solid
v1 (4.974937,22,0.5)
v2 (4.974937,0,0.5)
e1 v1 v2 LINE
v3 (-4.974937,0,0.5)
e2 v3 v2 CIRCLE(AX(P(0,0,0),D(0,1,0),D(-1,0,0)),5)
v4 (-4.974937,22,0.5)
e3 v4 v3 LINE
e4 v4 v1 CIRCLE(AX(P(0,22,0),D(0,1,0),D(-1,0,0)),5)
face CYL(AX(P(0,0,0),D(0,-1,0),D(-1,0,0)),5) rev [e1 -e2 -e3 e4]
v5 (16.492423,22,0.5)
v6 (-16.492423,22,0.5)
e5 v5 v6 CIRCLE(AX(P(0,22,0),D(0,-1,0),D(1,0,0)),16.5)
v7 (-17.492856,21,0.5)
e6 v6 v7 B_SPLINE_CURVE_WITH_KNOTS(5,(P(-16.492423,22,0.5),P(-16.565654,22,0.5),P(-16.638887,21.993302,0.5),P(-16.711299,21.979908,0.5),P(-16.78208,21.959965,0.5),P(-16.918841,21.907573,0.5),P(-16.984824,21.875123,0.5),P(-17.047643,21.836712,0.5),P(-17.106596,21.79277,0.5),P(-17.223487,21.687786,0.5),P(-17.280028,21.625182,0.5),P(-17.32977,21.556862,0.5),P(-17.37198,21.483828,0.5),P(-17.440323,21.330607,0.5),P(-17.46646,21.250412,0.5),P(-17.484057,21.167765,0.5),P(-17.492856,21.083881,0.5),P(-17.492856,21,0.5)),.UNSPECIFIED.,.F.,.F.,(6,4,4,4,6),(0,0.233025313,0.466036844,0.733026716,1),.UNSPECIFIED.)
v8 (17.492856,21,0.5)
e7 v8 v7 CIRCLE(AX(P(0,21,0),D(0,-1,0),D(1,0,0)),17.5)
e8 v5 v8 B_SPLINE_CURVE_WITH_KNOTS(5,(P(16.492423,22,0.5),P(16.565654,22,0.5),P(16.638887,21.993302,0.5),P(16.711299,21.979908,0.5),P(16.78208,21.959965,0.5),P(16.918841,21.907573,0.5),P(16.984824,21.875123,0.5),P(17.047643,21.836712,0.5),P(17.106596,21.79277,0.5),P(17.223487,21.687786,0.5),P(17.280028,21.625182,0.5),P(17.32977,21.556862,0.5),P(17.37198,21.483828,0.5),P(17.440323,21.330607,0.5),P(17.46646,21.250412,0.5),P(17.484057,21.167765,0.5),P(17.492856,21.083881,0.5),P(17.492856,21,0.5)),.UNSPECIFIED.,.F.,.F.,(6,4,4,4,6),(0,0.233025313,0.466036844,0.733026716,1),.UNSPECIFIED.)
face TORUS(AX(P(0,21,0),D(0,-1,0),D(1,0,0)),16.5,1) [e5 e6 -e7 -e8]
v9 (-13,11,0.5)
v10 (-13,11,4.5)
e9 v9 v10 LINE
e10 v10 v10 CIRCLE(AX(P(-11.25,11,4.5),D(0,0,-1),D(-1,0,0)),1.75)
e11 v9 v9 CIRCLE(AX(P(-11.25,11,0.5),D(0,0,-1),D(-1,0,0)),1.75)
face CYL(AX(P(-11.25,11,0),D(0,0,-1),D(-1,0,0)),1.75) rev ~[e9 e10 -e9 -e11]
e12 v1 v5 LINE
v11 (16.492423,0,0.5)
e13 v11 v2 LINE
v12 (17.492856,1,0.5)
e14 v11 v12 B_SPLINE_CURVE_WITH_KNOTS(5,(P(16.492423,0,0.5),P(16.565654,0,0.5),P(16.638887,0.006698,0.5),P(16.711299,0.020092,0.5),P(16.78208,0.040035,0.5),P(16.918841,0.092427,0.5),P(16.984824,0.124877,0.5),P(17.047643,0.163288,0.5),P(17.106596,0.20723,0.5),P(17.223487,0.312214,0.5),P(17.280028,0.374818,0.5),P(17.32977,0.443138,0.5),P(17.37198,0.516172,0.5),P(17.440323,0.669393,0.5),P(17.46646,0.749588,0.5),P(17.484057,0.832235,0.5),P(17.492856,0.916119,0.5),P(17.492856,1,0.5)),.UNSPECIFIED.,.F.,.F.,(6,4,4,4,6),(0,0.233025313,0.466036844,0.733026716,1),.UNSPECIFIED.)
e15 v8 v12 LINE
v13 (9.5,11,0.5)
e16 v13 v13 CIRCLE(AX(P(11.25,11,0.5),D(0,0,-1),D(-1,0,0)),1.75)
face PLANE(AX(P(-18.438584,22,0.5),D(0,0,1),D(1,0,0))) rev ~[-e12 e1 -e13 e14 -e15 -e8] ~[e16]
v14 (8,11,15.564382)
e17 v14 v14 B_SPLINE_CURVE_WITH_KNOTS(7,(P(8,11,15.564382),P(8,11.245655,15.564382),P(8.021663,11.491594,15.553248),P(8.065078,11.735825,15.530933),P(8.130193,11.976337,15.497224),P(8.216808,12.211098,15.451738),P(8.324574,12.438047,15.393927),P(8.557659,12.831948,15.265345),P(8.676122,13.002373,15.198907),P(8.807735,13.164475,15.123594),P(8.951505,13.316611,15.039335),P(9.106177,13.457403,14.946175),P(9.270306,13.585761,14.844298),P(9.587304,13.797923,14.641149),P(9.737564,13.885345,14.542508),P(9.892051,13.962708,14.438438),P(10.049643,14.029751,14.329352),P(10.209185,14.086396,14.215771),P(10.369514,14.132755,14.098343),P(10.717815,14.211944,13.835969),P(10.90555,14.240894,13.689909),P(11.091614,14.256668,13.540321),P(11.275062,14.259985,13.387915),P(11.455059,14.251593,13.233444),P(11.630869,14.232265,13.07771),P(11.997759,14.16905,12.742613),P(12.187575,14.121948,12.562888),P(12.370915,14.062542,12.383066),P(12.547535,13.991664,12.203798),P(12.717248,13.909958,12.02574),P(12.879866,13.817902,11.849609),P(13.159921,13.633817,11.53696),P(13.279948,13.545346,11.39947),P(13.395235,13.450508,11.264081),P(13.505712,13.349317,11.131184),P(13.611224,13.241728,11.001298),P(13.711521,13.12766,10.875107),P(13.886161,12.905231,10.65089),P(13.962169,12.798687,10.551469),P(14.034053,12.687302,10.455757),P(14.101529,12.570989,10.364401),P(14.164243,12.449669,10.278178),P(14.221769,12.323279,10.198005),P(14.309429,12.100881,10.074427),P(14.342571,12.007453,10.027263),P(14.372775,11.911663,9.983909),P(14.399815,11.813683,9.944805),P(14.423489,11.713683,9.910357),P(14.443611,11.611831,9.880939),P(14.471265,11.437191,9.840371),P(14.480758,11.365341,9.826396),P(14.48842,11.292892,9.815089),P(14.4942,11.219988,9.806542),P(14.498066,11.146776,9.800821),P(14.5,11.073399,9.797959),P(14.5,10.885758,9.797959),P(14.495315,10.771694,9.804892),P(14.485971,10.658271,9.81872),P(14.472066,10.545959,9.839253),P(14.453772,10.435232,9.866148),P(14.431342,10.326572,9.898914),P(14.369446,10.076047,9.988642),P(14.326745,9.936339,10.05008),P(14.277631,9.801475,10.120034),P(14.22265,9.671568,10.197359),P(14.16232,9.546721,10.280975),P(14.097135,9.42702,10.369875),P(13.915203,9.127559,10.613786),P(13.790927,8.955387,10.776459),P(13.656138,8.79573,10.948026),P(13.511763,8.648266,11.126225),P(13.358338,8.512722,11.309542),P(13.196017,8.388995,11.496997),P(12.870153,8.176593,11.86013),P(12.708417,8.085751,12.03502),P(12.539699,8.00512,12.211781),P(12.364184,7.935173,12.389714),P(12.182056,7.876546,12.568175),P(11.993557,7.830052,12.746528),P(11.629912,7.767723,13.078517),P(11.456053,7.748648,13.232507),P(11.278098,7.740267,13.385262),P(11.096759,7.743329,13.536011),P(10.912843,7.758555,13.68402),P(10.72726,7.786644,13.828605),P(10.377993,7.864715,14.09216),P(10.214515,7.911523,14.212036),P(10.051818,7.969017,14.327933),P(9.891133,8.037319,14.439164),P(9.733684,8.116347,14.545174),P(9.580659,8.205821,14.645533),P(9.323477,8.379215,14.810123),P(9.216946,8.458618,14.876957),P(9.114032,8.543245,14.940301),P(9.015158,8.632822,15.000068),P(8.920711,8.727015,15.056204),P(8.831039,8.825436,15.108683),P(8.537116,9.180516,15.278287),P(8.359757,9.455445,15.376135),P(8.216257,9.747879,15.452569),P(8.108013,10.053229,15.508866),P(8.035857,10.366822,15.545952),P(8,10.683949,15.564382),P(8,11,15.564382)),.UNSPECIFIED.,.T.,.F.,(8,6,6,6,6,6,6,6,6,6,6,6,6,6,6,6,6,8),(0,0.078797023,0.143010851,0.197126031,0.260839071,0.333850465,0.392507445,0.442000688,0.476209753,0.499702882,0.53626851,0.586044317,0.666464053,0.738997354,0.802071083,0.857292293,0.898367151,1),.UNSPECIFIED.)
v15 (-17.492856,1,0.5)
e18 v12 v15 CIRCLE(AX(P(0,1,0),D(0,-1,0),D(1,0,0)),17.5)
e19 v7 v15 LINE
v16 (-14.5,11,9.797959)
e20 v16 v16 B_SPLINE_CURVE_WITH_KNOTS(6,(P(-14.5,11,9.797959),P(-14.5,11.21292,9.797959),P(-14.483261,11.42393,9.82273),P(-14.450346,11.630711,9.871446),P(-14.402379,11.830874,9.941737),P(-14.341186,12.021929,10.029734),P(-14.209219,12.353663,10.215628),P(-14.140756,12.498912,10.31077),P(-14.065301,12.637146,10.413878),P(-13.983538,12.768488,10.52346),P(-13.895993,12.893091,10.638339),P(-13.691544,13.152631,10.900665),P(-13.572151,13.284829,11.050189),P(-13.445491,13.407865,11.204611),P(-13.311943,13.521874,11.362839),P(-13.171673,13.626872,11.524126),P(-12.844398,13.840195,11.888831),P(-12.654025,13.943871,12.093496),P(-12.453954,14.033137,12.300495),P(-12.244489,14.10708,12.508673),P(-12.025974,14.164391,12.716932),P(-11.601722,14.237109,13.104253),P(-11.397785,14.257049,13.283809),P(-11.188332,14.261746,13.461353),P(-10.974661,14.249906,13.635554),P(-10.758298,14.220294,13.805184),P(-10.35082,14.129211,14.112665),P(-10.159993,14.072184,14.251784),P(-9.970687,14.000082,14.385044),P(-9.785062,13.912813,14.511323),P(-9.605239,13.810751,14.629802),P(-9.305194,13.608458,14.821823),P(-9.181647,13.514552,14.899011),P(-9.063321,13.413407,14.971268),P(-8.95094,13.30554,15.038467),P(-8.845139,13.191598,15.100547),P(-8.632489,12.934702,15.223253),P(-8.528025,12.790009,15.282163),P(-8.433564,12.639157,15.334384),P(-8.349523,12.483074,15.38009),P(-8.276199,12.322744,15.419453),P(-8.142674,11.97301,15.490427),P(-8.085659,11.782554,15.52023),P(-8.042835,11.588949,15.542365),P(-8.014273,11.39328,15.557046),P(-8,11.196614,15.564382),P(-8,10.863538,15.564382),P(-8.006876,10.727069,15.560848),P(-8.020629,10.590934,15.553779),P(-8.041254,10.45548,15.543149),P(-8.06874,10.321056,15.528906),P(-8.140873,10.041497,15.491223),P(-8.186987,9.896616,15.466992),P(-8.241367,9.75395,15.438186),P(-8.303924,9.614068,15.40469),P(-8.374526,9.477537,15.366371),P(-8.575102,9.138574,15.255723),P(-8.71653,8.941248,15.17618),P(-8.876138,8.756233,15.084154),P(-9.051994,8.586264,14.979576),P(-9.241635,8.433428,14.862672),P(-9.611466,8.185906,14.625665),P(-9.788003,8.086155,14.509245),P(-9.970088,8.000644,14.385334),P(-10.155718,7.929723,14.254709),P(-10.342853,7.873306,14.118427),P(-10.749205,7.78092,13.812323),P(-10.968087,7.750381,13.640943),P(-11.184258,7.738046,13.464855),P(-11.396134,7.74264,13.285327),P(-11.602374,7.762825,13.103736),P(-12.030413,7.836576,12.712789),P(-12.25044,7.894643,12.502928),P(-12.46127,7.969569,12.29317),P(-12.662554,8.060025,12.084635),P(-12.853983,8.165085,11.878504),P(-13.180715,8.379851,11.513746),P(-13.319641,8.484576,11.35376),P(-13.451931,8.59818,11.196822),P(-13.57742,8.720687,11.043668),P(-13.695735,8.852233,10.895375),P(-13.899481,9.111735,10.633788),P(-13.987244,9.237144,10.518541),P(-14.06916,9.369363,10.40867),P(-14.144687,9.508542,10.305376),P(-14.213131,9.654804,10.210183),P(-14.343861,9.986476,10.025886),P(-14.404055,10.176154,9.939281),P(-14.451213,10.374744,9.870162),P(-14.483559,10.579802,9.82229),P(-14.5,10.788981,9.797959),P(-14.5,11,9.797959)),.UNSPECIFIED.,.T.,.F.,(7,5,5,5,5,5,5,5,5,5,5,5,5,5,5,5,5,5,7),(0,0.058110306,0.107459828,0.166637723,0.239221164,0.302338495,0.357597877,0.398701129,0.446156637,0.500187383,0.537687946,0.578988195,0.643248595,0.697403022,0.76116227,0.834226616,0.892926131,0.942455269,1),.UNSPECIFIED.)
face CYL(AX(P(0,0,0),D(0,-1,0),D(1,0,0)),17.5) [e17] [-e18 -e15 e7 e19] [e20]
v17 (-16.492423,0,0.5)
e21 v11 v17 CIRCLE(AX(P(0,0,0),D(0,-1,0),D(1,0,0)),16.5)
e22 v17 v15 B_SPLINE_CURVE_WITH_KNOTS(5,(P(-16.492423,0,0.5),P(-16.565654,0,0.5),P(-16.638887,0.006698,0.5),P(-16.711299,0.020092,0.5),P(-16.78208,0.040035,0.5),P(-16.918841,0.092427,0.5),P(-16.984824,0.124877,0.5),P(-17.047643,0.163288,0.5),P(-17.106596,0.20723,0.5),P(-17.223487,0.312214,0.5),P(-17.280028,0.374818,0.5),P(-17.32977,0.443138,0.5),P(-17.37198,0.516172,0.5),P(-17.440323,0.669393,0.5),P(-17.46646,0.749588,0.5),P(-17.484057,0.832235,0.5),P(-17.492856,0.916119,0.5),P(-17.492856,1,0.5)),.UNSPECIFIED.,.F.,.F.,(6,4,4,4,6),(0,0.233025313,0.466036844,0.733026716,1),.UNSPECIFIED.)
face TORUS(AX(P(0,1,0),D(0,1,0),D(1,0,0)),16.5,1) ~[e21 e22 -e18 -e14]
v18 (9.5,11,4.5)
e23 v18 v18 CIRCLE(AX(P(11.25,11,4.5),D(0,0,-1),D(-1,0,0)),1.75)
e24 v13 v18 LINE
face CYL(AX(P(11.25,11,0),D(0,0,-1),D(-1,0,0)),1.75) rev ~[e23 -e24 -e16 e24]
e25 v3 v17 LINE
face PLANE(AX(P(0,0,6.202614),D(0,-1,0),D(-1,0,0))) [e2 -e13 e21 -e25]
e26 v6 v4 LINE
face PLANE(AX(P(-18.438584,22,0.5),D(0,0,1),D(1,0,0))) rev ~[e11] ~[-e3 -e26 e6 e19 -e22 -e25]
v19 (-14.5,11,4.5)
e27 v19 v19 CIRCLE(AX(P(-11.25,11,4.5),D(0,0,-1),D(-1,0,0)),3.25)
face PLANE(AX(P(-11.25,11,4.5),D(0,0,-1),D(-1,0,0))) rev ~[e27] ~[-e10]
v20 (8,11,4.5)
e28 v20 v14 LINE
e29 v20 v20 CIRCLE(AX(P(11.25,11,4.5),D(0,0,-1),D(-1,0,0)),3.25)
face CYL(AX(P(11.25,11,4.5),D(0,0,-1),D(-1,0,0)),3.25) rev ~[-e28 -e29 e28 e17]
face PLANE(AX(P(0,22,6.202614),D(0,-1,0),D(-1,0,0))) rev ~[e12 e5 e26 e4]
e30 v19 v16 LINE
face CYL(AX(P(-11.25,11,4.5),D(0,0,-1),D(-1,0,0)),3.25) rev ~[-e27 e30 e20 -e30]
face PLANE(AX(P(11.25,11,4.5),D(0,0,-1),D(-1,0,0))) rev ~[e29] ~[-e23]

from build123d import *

# Parameters (mm, degrees)
BOSS_EXTRUDE1_DEPTH = 22
SKETCH3_R           = 1.75
CUT_EXTRUDE1_DEPTH  = 22
SKETCH4_R           = 3.25
CUT_EXTRUDE2_DEPTH  = 22
FILLET1_R           = 1
SKETCH5_W           = 36.583479506
SKETCH5_H           = 0.5
CUT_EXTRUDE3_DEPTH  = 39


with BuildPart() as part:
    # Sketch2 → Boss-Extrude1 (new body)
    with BuildSketch(Plane(origin=(0, 0, 0), x_dir=(1, 0, 0), z_dir=(0, 1, 0))):
        with BuildLine():
            Line((5, 0), (17.5, 0))
            ThreePointArc((17.5, 0), (0, -17.5), (-17.5, 0))
            Line((-17.5, 0), (-5, 0))
            ThreePointArc((-5, 0), (0, -5), (5, 0))
        make_face()
    extrude(amount=BOSS_EXTRUDE1_DEPTH)

    # Sketch3 → Cut-Extrude1 (cut)
    with BuildSketch(Plane(origin=(0, 0, 0), x_dir=(-1, 0, 0), z_dir=(0, 0, -1))):
        with Locations((11.25, 11)):
            Circle(SKETCH3_R)
        with Locations((-11.25, 11)):
            Circle(SKETCH3_R)
    extrude(amount=-CUT_EXTRUDE1_DEPTH, mode=Mode.SUBTRACT)

    # Sketch4 → Cut-Extrude2 (cut)
    with BuildSketch(Plane(origin=(0, 0, 4.5), x_dir=(-1, 0, 0), z_dir=(0, 0, -1))):
        with Locations((-11.25, 11)):
            Circle(SKETCH4_R)
        with Locations((11.25, 11)):
            Circle(SKETCH4_R)
    extrude(amount=-CUT_EXTRUDE2_DEPTH, mode=Mode.SUBTRACT)

    # Fillet1
    fillet1_edges = [part.edges().sort_by_distance(p)[0] for p in [
        (0, 22, 17.5),
        (0, 0, 17.5),
    ]]
    fillet(fillet1_edges, radius=FILLET1_R)

    # Sketch5 → Cut-Extrude3 (cut)
    with BuildSketch(Plane(origin=(0, 22, 0), x_dir=(1, 0, 0), z_dir=(0, 1, 0))):
        with Locations((-0.146844137, -0.25)):
            Rectangle(SKETCH5_W, SKETCH5_H)
    extrude(amount=-CUT_EXTRUDE3_DEPTH, mode=Mode.SUBTRACT)


solid = part.part
